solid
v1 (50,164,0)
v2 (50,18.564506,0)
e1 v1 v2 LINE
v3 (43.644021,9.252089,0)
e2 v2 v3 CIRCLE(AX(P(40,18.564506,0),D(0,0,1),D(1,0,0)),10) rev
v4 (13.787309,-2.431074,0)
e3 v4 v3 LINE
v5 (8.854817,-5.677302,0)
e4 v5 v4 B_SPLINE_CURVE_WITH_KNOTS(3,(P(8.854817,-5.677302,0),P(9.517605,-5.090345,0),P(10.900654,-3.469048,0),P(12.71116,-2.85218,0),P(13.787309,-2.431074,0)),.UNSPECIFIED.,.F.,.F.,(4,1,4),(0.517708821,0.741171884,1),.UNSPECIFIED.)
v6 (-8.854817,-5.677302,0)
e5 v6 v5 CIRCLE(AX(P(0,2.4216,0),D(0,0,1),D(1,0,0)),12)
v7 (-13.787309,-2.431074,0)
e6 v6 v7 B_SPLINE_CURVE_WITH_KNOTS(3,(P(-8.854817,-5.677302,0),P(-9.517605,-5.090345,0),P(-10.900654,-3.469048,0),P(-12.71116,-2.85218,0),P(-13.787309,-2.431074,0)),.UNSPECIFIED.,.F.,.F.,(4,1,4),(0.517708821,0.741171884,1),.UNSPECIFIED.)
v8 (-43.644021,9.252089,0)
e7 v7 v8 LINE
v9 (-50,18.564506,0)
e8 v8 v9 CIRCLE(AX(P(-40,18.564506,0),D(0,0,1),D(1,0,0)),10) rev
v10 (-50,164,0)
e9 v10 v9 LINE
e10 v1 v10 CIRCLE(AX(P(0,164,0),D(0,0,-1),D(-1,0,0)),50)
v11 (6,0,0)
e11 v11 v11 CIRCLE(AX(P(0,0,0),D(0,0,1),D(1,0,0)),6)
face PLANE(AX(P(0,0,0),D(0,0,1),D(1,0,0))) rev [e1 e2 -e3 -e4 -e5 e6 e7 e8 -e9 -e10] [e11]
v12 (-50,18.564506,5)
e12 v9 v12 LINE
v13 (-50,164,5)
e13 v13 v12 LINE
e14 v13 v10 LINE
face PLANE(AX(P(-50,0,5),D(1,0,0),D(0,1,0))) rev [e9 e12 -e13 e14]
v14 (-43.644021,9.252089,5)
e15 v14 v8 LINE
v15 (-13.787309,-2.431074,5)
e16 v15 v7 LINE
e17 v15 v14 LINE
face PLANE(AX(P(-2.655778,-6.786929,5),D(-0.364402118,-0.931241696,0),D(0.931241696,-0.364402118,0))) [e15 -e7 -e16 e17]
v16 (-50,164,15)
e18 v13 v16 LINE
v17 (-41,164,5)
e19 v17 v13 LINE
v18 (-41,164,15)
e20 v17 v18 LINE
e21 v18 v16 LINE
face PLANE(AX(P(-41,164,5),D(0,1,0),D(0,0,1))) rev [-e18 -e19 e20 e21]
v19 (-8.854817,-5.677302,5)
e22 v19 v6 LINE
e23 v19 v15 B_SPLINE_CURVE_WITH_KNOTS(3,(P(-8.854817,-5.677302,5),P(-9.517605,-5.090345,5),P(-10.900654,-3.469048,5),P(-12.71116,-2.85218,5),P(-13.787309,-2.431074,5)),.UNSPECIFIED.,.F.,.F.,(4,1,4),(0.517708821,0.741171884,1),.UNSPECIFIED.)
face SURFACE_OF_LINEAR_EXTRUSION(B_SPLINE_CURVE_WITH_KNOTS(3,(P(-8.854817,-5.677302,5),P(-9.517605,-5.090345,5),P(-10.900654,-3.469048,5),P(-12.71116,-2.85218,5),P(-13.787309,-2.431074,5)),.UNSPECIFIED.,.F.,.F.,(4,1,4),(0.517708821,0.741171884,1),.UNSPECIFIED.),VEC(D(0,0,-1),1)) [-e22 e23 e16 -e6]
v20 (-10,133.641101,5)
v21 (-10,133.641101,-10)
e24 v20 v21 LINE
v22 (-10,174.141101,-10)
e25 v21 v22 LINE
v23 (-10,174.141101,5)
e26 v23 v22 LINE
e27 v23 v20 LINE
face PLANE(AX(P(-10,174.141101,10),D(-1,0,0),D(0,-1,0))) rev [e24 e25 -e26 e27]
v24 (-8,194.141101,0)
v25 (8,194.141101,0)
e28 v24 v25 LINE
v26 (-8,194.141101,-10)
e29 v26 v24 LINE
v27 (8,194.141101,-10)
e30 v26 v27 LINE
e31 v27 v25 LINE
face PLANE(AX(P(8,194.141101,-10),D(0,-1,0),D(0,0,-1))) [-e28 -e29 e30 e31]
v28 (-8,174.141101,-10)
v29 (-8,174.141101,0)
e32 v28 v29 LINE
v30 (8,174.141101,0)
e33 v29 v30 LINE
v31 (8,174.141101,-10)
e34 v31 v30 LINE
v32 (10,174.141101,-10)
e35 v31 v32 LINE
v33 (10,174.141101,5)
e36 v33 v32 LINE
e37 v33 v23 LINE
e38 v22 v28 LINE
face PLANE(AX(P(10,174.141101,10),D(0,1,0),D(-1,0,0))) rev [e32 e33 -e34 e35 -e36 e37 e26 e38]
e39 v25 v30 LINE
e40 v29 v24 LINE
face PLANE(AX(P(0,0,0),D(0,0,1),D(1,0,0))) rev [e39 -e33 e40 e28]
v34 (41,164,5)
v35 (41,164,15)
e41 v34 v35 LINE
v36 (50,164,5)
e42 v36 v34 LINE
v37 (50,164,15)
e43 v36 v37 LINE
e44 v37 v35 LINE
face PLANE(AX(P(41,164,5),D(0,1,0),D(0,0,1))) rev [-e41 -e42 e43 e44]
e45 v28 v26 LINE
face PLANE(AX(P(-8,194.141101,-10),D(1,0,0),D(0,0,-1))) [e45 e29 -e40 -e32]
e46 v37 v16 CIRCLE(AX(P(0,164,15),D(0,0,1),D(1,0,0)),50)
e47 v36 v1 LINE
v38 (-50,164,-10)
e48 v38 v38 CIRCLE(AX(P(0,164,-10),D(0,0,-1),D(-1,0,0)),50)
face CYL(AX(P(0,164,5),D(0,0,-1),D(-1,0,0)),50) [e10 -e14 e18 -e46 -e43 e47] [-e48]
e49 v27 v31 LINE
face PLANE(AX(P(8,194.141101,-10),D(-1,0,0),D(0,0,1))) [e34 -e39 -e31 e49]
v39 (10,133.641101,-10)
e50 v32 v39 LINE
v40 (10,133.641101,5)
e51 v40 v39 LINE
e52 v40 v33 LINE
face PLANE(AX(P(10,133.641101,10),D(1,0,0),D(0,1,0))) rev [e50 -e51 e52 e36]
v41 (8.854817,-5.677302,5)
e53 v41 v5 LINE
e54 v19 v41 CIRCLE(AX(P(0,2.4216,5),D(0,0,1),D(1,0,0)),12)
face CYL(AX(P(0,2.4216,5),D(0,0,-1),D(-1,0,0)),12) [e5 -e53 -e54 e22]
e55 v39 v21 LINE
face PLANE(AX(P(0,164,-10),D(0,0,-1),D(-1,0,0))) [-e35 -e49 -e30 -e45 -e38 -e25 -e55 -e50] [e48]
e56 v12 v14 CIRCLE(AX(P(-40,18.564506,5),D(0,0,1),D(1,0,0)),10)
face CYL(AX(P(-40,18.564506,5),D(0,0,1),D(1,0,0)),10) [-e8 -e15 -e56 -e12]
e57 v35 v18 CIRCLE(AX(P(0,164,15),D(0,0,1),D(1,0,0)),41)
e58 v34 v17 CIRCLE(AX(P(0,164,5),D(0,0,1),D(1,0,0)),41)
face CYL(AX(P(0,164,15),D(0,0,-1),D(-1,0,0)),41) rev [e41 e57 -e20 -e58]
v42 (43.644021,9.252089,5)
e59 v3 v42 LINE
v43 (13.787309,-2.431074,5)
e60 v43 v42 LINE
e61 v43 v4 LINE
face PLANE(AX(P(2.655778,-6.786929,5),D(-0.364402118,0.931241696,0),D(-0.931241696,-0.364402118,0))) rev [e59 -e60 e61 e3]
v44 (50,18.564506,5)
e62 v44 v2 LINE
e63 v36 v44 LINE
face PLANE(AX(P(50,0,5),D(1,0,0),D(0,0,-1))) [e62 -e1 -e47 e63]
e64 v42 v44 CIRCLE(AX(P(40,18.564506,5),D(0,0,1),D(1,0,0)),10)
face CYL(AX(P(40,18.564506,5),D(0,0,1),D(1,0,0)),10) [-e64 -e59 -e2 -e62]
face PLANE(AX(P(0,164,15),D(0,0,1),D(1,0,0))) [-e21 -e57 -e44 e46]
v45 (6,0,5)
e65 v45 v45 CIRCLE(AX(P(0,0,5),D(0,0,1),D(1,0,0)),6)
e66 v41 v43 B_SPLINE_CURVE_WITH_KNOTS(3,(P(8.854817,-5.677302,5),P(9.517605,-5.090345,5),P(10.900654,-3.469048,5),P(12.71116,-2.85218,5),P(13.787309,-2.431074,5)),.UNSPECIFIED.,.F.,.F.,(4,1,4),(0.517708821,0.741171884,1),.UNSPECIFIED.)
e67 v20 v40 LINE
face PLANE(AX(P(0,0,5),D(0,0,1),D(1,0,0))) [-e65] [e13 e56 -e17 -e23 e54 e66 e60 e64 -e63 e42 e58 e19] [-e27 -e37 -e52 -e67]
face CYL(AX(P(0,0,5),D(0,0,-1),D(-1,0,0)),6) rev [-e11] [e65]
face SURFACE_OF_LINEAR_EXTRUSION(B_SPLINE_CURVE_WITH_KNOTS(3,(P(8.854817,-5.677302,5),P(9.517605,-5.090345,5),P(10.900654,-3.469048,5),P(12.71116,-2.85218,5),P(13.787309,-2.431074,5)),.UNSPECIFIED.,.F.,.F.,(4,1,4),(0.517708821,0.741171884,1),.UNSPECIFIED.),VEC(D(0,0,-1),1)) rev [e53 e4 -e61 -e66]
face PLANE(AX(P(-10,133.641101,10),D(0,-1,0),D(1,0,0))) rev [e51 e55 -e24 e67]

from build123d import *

# Parameters (mm, degrees)
CROQUIS1_R              = 6
SALIENTE_EXTRUIR1_DEPTH = 5
REDONDEO1_R             = 10
REDONDEO3_R             = 10
CROQUIS2_R              = 50
CROQUIS2_R_2            = 41
SALIENTE_EXTRUIR3_DEPTH = 10
CROQUIS3_W              = 20
CROQUIS3_H              = 40.5
CORTAR_EXTRUIR1_DEPTH   = 10
CORTAR_EXTRUIR2_DEPTH   = 10
CROQUIS5_R              = 50
SALIENTE_EXTRUIR4_DEPTH = 10


with BuildPart() as part:
    # Croquis1 → Saliente-Extruir1 (new body)
    with BuildSketch(Plane.XY):
        with BuildLine():
            ThreePointArc((50, 164), (0, 214), (-50, 164))
            Line((-50, 164), (-50, 11.739233328))
            Line((-50, 11.739233328), (-20, 0))
            Line((-20, 0), (-13.787308542, -2.431074487))
            add(Edge.make_bspline(
                [(-8.854817181, -5.677302066), (-9.51760475, -5.090344722), (-10.900654261, -3.469047842), (-12.711160318, -2.852179657), (-13.787308542, -2.431074487)],
                knots=[0.517708821, 0.517708821, 0.517708821, 0.517708821, 0.741171884, 1, 1, 1, 1], degree=3))
            ThreePointArc((-8.854817181, -5.677302066), (0, -9.578400122), (8.854817181, -5.677302066))
            add(Edge.make_bspline(
                [(8.854817181, -5.677302066), (9.51760475, -5.090344722), (10.900654261, -3.469047842), (12.711160318, -2.852179657), (13.787308542, -2.431074487)],
                knots=[0.517708821, 0.517708821, 0.517708821, 0.517708821, 0.741171884, 1, 1, 1, 1], degree=3))
            Line((13.787308542, -2.431074487), (20, 0))
            Line((20, 0), (50, 11.739233328))
            Line((50, 11.739233328), (50, 164))
        make_face()
        Circle(CROQUIS1_R, mode=Mode.SUBTRACT)
    extrude(amount=SALIENTE_EXTRUIR1_DEPTH)

    # Redondeo1
    redondeo1_edges = [part.edges().sort_by_distance(p)[0] for p in [
        (50, 11.739233328, 2.5),
    ]]
    fillet(redondeo1_edges, radius=REDONDEO1_R)

    # Redondeo3
    redondeo3_edges = [part.edges().sort_by_distance(p)[0] for p in [
        (-50, 11.739233328, 2.5),
    ]]
    fillet(redondeo3_edges, radius=REDONDEO3_R)

    # Croquis2 → Saliente-Extruir3 (add)
    with BuildSketch(Plane.XY.offset(5)):
        with Locations((0, 164)):
            Circle(CROQUIS2_R)
        with Locations((0, 164)):
            Circle(CROQUIS2_R_2, mode=Mode.SUBTRACT)
    extrude(amount=SALIENTE_EXTRUIR3_DEPTH)

    # Croquis3 → Cortar-Extruir1 (cut)
    with BuildSketch(Plane(origin=(0, 0, 0), x_dir=(-1, 0, 0), z_dir=(0, 0, -1))):
        with Locations((0, 153.891101056)):
            Rectangle(CROQUIS3_W, CROQUIS3_H)
    extrude(amount=-CORTAR_EXTRUIR1_DEPTH, mode=Mode.SUBTRACT)

    # Croquis4 → Cortar-Extruir2 (cut)
    with BuildSketch(Plane.XY.offset(15)):
        with BuildLine():
            Line((-41, 164), (-50, 164))
            ThreePointArc((-50, 164), (0, 114), (50, 164))
            Line((50, 164), (41, 164))
            ThreePointArc((41, 164), (0, 123), (-41, 164))
        make_face()
    extrude(amount=-CORTAR_EXTRUIR2_DEPTH, mode=Mode.SUBTRACT)

    # Croquis5 → Saliente-Extruir4 (add)
    with BuildSketch(Plane(origin=(0, 0, 0), x_dir=(-1, 0, 0), z_dir=(0, 0, -1))):
        with Locations((0, 164)):
            Circle(CROQUIS5_R)
        Polygon((-10, 174.141101056), (-8, 174.141101056), (-8, 194.141101056), (8, 194.141101056), (8, 174.141101056), (10, 174.141101056), (10, 133.641101056), (-10, 133.641101056), align=None, mode=Mode.SUBTRACT)
    extrude(amount=SALIENTE_EXTRUIR4_DEPTH)


solid = part.part
